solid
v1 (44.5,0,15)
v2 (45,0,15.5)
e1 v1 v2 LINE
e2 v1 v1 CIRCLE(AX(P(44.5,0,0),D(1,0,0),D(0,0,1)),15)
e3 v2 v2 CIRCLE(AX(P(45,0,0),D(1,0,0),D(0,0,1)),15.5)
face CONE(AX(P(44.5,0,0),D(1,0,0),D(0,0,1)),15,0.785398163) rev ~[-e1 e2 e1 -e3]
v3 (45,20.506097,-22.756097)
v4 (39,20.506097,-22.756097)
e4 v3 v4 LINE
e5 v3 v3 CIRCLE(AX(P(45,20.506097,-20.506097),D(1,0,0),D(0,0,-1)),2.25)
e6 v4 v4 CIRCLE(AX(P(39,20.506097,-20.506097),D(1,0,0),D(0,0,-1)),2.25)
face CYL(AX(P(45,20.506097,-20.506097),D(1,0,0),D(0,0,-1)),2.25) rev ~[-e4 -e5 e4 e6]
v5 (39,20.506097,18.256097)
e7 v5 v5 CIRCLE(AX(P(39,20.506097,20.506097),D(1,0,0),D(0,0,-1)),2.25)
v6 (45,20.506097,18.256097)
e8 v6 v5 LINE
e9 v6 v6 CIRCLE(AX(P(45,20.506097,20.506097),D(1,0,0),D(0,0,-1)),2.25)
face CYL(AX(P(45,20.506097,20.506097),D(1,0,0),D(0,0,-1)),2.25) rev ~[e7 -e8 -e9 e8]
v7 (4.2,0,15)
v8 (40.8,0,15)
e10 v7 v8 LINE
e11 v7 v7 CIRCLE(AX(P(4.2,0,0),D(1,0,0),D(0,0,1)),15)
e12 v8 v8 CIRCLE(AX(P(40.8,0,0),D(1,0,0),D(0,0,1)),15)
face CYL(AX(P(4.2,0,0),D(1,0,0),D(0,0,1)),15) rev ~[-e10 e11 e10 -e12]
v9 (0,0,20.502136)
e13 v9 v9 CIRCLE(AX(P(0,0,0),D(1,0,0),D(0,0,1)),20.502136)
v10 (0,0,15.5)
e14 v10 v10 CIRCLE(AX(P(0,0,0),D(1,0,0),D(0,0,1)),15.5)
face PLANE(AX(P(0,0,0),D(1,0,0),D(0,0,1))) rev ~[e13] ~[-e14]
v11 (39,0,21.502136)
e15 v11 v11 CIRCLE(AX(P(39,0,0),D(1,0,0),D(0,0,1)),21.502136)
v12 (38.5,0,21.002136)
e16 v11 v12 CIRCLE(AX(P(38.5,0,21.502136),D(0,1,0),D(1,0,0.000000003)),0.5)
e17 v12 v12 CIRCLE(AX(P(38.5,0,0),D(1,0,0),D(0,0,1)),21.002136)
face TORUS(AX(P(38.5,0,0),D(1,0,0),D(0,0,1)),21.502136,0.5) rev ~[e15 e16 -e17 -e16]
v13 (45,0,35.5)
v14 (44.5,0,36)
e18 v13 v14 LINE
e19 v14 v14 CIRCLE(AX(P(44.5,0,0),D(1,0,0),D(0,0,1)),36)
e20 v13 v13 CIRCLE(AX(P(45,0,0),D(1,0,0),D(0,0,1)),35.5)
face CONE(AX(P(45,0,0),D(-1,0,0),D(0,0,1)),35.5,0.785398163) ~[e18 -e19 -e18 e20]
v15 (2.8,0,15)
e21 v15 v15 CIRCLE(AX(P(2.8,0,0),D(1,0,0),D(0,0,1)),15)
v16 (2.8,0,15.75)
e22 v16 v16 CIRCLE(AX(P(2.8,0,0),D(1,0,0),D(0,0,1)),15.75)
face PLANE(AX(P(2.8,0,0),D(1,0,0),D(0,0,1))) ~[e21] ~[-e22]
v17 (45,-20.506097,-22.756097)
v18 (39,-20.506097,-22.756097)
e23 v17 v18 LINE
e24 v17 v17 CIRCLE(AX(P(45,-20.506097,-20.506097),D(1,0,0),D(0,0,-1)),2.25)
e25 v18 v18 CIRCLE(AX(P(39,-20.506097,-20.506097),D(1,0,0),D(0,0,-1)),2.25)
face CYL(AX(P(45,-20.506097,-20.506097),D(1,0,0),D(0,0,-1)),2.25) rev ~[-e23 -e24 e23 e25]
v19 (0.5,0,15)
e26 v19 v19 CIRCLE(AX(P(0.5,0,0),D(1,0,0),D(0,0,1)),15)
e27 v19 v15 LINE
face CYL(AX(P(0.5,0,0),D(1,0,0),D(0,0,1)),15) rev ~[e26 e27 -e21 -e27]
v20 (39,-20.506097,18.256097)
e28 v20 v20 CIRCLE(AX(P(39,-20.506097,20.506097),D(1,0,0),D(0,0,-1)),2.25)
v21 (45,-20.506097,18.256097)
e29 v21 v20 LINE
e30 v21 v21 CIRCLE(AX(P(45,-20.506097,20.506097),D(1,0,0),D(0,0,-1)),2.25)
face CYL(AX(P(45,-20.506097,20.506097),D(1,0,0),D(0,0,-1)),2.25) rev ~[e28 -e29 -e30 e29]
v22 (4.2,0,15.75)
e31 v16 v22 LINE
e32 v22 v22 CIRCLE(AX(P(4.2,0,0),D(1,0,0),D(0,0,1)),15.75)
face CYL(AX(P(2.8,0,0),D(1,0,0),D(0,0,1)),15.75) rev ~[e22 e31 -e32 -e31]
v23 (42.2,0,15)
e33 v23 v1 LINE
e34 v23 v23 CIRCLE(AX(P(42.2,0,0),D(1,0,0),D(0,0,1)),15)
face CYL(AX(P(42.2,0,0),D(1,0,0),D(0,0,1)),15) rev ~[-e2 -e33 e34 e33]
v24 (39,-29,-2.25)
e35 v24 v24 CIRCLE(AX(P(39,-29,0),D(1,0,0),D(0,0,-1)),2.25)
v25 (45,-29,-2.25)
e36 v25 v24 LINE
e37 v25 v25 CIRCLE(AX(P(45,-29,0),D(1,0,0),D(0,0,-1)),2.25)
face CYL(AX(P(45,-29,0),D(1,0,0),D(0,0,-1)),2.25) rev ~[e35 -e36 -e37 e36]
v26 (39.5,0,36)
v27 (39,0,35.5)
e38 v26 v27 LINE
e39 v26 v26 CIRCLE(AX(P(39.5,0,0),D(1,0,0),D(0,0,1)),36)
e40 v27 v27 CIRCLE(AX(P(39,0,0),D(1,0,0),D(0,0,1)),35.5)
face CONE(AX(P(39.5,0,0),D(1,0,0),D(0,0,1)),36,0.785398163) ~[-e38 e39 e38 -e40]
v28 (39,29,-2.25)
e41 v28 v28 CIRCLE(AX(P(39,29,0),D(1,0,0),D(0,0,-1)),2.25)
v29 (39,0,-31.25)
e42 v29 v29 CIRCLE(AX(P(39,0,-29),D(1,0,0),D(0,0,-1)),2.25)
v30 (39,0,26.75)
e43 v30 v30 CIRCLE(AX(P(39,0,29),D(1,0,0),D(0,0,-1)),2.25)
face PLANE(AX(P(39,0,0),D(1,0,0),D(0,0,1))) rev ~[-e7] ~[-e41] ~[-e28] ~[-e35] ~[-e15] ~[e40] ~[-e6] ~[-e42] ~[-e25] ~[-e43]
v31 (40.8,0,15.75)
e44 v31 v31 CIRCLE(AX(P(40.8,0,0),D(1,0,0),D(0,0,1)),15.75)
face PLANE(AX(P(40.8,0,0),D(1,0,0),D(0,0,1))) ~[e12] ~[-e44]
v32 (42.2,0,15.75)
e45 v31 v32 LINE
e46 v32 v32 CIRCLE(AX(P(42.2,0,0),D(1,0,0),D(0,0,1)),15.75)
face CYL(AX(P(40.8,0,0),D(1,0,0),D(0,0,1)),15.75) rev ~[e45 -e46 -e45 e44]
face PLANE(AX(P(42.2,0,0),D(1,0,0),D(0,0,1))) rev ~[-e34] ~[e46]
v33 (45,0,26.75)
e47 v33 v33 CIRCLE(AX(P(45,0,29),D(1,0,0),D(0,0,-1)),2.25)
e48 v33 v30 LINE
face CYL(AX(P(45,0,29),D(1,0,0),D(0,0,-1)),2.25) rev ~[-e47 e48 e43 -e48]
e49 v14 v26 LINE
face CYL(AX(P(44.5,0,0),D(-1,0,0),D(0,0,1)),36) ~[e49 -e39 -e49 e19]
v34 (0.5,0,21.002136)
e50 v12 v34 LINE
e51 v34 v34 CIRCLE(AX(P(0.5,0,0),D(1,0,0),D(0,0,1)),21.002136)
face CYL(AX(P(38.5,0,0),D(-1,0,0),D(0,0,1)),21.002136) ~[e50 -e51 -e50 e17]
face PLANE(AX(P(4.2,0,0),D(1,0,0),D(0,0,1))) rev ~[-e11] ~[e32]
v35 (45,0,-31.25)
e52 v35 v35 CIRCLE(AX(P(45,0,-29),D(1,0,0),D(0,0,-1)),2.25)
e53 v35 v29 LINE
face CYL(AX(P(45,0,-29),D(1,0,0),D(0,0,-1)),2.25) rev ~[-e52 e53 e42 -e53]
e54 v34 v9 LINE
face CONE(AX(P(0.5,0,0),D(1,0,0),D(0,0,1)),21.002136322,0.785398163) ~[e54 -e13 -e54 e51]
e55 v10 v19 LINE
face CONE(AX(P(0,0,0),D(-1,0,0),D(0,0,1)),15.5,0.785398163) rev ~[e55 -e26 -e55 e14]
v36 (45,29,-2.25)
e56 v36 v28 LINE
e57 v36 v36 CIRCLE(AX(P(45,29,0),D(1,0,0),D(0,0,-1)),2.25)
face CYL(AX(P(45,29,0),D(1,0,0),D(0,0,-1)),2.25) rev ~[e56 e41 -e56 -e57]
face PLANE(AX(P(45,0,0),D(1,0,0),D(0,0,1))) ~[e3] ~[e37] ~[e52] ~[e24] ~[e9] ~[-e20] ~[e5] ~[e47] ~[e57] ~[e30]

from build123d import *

# Parameters (mm, degrees)
M4_GEWINDEBOHRUNG1_D            = 3.3
M4_GEWINDEBOHRUNG1_DEPTH        = 13
M4_GEWINDEBOHRUNG1_TIP          = 0.991420021
SKIZZE8_R                       = 2.25
SCHNITT_LINEAR_AUSTRAGEN1_DEPTH = 68.948509917


with BuildPart() as part:
    # Skizze2 → Rotation1 (revolve)
    with BuildSketch(Plane(origin=(0, 0, 0), x_dir=(1, 0, 0), z_dir=(0, 1, 0)), mode=Mode.PRIVATE) as rotation1_sk:
        with BuildLine():
            Line((33.5, 21.002136322), (33.5, 15))
            Line((33.5, 15), (40.8, 15))
            Line((40.8, 15), (40.8, 15.75))
            Line((40.8, 15.75), (42.2, 15.75))
            Line((42.2, 15.75), (42.2, 15))
            Line((42.2, 15), (44.5, 15))
            Line((44.5, 15), (45, 15.5))
            Line((45, 15.5), (45, 20))
            Line((45, 20), (45, 35.5))
            Line((45, 35.5), (44.5, 36))
            Line((44.5, 36), (39.5, 36))
            Line((39.5, 36), (39, 35.5))
            Line((39, 35.5), (39, 21.502136322))
            ThreePointArc((39, 21.502136322), (38.853553391, 21.148582931), (38.5, 21.002136322))
            Line((38.5, 21.002136322), (33.5, 21.002136322))
        make_face()
        Polygon((0, 20.502136322), (0, 15.5), (0.5, 15), (2.8, 15), (2.8, 15.75), (4.2, 15.75), (4.2, 15), (33.5, 15), (33.5, 21.002136322), (0.5, 21.002136322), align=None)
    revolve(rotation1_sk.sketch.rotate(Axis((0, 0, 0), (1, 0, 0)), 180), axis=Axis((0, 0, 0), (1, 0, 0)))

    # M4 Gewindebohrung1
    with Locations(Plane(origin=(67, 14.142135624, 14.142135624), x_dir=(0, 0, 1), z_dir=(1, 0, 0))):
        with Locations((0, 0), (-14.142135624, -5.857864376), (-28.284271248, 0), (-34.142135624, 14.142135624), (-28.284271248, 28.284271248), (-14.142135624, 34.142135624), (0, 28.284271248), (5.857864376, 14.142135624)):
            Hole(M4_GEWINDEBOHRUNG1_D / 2, depth=M4_GEWINDEBOHRUNG1_DEPTH)
            with Locations((0, 0, -(M4_GEWINDEBOHRUNG1_DEPTH + M4_GEWINDEBOHRUNG1_TIP / 2))):  # 118° drill point
                Cone(0, M4_GEWINDEBOHRUNG1_D / 2, M4_GEWINDEBOHRUNG1_TIP, mode=Mode.SUBTRACT)

    # Skizze8 → Schnitt-Linear austragen1 (cut, through all)
    with BuildSketch(Plane(origin=(45, 0, 0), x_dir=(0, 0, -1), z_dir=(1, 0, 0))):
        with Locations((0, 29)):
            Circle(SKIZZE8_R)
        with Locations((20.506096654, 20.506096654)):
            Circle(SKIZZE8_R)
        with Locations((29, 0)):
            Circle(SKIZZE8_R)
        with Locations((20.506096654, -20.506096654)):
            Circle(SKIZZE8_R)
        with Locations((0, -29)):
            Circle(SKIZZE8_R)
        with Locations((-20.506096654, -20.506096654)):
            Circle(SKIZZE8_R)
        with Locations((-29, 0)):
            Circle(SKIZZE8_R)
        with Locations((-20.506096654, 20.506096654)):
            Circle(SKIZZE8_R)
    extrude(amount=-SCHNITT_LINEAR_AUSTRAGEN1_DEPTH, mode=Mode.SUBTRACT)


solid = part.part
